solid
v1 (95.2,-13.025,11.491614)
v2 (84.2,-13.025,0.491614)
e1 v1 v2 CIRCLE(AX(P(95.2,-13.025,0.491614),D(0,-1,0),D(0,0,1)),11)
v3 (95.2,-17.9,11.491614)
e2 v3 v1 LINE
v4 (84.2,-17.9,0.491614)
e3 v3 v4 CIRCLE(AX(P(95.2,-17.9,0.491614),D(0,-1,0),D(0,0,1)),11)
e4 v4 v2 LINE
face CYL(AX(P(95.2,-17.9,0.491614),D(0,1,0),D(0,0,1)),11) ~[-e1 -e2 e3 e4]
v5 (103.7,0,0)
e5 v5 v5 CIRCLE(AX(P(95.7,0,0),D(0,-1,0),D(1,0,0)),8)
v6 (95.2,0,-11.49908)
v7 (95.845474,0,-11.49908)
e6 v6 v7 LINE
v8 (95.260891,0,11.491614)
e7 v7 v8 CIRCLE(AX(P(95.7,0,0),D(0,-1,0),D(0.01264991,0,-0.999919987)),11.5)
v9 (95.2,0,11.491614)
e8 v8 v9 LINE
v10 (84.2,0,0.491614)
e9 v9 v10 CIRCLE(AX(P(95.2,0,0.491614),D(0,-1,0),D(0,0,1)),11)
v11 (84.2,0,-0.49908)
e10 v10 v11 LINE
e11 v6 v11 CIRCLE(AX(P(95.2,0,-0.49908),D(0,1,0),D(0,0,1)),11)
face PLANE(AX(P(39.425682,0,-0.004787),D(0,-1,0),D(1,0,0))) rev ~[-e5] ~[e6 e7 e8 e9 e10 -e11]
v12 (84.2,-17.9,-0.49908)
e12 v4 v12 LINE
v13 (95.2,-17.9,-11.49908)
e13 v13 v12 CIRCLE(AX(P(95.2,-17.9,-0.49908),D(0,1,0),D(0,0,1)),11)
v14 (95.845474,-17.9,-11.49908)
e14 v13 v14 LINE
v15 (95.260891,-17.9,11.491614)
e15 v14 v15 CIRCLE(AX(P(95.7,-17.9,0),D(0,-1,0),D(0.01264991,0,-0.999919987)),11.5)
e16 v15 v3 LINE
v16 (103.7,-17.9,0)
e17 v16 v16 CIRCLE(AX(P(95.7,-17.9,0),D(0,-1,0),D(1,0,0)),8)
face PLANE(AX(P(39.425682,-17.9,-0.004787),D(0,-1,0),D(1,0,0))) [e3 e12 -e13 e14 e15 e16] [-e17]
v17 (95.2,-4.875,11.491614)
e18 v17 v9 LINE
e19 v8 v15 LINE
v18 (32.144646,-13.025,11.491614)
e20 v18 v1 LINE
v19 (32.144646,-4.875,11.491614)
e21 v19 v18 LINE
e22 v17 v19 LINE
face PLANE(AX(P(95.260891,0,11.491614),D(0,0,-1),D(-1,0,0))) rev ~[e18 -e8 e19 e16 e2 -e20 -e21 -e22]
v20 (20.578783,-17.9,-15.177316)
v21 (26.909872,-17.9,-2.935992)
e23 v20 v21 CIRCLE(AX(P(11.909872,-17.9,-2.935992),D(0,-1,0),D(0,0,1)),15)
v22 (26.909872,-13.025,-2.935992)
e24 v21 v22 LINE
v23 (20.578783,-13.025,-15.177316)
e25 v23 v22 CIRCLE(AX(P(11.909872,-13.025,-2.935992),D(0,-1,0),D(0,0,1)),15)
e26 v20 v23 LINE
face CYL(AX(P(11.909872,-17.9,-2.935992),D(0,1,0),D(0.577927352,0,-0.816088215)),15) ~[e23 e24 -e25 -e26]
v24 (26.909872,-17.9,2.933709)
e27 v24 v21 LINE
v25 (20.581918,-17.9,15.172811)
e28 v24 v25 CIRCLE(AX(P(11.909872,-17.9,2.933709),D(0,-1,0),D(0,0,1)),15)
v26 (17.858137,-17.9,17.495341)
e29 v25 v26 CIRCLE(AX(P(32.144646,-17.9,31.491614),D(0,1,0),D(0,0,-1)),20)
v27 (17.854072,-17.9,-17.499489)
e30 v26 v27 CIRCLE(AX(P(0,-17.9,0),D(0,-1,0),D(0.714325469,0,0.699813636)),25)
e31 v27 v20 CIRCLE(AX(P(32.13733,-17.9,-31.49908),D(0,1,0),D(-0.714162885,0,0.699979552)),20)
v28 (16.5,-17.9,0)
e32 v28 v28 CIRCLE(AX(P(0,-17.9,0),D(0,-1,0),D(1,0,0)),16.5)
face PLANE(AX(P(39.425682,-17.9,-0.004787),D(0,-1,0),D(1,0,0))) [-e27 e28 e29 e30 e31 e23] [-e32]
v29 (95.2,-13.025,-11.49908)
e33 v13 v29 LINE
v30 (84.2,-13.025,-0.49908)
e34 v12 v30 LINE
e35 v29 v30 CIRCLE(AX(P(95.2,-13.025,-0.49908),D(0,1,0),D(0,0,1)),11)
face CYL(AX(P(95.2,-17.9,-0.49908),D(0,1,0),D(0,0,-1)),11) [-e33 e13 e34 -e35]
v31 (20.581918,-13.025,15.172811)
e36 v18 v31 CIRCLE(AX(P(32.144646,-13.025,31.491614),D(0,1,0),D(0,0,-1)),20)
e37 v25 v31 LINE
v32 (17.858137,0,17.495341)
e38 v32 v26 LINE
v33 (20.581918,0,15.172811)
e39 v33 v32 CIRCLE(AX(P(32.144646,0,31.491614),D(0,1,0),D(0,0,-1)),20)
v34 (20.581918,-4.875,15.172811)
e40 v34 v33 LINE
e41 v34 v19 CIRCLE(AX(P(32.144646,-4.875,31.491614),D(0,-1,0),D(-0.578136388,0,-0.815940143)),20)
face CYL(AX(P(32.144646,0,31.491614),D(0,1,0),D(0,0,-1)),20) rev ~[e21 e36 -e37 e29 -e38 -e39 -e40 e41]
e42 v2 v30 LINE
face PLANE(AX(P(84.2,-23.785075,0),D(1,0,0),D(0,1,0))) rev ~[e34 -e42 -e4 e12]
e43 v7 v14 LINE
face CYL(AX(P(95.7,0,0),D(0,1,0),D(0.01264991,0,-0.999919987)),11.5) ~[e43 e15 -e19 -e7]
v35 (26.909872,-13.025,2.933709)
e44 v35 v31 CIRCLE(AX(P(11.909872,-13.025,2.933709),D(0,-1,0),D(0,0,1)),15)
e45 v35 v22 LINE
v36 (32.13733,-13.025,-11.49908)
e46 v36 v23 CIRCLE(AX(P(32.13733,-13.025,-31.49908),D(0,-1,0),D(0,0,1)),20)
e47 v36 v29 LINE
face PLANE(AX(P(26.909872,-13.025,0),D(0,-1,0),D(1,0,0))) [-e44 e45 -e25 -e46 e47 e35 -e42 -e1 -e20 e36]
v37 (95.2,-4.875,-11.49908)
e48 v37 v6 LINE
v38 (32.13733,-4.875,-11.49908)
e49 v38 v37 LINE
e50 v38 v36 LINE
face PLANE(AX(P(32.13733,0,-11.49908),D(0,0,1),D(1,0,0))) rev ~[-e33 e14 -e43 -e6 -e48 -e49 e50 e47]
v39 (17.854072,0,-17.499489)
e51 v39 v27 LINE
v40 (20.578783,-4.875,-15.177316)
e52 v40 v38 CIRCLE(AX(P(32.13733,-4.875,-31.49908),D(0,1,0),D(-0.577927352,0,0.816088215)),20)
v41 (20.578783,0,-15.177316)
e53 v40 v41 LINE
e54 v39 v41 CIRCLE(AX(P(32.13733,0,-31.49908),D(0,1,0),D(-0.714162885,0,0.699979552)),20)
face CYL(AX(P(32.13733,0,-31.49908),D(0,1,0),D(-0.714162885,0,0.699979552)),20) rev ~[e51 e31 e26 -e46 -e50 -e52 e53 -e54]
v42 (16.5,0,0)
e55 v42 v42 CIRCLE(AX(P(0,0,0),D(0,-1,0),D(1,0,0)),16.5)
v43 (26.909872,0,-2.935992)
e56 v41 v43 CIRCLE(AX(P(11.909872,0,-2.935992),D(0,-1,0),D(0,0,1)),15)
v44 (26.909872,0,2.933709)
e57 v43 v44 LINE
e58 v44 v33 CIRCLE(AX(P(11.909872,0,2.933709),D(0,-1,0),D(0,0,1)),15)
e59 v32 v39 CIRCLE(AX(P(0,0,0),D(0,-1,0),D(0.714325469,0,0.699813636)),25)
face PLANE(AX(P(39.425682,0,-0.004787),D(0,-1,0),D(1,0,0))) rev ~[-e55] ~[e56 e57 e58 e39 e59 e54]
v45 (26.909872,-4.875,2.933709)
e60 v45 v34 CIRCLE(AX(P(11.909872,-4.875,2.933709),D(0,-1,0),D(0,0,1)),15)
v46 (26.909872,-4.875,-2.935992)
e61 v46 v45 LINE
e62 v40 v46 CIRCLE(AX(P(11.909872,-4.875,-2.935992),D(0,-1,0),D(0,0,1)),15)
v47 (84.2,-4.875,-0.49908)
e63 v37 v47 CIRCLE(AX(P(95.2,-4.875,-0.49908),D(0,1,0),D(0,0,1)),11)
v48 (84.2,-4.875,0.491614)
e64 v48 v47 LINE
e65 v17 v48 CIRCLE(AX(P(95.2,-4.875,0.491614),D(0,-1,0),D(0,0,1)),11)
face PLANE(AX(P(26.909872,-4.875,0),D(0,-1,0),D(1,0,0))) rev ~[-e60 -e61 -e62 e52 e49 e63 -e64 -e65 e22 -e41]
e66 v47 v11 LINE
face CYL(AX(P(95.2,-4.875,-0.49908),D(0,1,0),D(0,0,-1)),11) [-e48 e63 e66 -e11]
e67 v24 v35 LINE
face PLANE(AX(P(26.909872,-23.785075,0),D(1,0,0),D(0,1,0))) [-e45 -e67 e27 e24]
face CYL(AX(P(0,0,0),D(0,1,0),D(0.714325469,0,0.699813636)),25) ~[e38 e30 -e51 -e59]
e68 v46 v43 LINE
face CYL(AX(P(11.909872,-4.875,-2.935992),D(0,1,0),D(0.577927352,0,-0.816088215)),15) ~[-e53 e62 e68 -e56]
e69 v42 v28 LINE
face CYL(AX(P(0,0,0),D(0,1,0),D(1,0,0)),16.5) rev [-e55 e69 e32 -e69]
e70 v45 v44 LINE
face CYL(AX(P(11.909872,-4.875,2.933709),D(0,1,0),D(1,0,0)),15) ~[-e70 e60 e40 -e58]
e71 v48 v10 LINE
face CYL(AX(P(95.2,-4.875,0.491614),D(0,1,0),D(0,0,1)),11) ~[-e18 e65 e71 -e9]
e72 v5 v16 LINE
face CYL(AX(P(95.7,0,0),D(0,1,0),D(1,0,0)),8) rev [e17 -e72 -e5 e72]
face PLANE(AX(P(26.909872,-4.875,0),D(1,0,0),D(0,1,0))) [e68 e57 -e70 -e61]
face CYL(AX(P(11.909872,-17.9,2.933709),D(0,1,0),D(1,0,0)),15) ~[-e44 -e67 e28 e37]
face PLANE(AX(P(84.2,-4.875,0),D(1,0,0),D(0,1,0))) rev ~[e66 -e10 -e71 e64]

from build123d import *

# Parameters (mm, degrees)
F0_R          = 16.5
F0_R_2        = 8
F1_DEPTH      = 17.9
F2_W          = 57.2901275009
F2_H          = 11.0436469637
F2_H_2        = 10.7600754127
F3_DEPTH      = 25.001
F3_DEPTH_BACK = 25.001
F4_R          = 11
F5_R          = 11
F6_R          = 11
F7_R          = 15


with BuildPart() as f1:
    # F0 (on Front) → F1 (new body)
    with BuildSketch(Plane.XZ):
        with BuildLine():
            Line((32.137329833, -11.4990798469), (95.5545260385, -11.4990798469))
            Line((95.5545260385, -11.4990798469), (95.8454739615, -11.4990798469))
            ThreePointArc((95.8454739615, -11.4990798469), (107.1962842582, 0.2923153343), (95.2608909699, 11.4916136056))
            Line((95.2608909699, 11.4916136056), (32.1446460941, 11.4916136056))
            ThreePointArc((32.1446460941, 11.4916136056), (24.3962738222, 13.0535354211), (17.858136719, 17.495340892))
            ThreePointArc((17.858136719, 17.495340892), (-24.9999998314, 0.0029037072), (17.8540721294, -17.4994888039))
            ThreePointArc((17.8540721294, -17.4994888039), (24.3910991645, -13.0601018267), (32.137329833, -11.4990798469))
        make_face()
        Circle(F0_R, mode=Mode.SUBTRACT)
        with Locations((95.7, 0)):
            Circle(F0_R_2, mode=Mode.SUBTRACT)
    extrude(amount=F1_DEPTH)

    # F2 (on Top) → F3 (cut, two sides)
    with BuildSketch(Plane.XY) as f3_sk:
        with Locations((55.5549362496, 0.6468234818)):
            Rectangle(F2_W, F2_H)
        with Locations((55.5549362496, -18.4050377063)):
            Rectangle(F2_W, F2_H_2)
    extrude(amount=-F3_DEPTH, mode=Mode.SUBTRACT)
    extrude(f3_sk.sketch, amount=F3_DEPTH_BACK, mode=Mode.SUBTRACT)

    # F4
    f4_edges = [f1.edges().sort_by_distance(p)[0] for p in [
        (84.2, -2.4375, -11.49908),
    ]]
    fillet(f4_edges, radius=F4_R)

    # F5
    f5_edges = [f1.edges().sort_by_distance(p)[0] for p in [
        (84.2, -2.4375, 11.491614),
    ]]
    fillet(f5_edges, radius=F5_R)

    # F6
    f6_edges = [f1.edges().sort_by_distance(p)[0] for p in [
        (84.2, -15.4625, -11.49908),
        (84.2, -15.4625, 11.491614),
    ]]
    fillet(f6_edges, radius=F6_R)

    # F7
    f7_edges = [f1.edges().sort_by_distance(p)[0] for p in [
        (26.909872, -2.4375, -12.194322),
        (26.909872, -2.4375, 12.188838),
        (26.909872, -15.4625, -12.194322),
        (26.909872, -15.4625, 12.188838),
    ]]
    fillet(f7_edges, radius=F7_R)


solid = f1.part
